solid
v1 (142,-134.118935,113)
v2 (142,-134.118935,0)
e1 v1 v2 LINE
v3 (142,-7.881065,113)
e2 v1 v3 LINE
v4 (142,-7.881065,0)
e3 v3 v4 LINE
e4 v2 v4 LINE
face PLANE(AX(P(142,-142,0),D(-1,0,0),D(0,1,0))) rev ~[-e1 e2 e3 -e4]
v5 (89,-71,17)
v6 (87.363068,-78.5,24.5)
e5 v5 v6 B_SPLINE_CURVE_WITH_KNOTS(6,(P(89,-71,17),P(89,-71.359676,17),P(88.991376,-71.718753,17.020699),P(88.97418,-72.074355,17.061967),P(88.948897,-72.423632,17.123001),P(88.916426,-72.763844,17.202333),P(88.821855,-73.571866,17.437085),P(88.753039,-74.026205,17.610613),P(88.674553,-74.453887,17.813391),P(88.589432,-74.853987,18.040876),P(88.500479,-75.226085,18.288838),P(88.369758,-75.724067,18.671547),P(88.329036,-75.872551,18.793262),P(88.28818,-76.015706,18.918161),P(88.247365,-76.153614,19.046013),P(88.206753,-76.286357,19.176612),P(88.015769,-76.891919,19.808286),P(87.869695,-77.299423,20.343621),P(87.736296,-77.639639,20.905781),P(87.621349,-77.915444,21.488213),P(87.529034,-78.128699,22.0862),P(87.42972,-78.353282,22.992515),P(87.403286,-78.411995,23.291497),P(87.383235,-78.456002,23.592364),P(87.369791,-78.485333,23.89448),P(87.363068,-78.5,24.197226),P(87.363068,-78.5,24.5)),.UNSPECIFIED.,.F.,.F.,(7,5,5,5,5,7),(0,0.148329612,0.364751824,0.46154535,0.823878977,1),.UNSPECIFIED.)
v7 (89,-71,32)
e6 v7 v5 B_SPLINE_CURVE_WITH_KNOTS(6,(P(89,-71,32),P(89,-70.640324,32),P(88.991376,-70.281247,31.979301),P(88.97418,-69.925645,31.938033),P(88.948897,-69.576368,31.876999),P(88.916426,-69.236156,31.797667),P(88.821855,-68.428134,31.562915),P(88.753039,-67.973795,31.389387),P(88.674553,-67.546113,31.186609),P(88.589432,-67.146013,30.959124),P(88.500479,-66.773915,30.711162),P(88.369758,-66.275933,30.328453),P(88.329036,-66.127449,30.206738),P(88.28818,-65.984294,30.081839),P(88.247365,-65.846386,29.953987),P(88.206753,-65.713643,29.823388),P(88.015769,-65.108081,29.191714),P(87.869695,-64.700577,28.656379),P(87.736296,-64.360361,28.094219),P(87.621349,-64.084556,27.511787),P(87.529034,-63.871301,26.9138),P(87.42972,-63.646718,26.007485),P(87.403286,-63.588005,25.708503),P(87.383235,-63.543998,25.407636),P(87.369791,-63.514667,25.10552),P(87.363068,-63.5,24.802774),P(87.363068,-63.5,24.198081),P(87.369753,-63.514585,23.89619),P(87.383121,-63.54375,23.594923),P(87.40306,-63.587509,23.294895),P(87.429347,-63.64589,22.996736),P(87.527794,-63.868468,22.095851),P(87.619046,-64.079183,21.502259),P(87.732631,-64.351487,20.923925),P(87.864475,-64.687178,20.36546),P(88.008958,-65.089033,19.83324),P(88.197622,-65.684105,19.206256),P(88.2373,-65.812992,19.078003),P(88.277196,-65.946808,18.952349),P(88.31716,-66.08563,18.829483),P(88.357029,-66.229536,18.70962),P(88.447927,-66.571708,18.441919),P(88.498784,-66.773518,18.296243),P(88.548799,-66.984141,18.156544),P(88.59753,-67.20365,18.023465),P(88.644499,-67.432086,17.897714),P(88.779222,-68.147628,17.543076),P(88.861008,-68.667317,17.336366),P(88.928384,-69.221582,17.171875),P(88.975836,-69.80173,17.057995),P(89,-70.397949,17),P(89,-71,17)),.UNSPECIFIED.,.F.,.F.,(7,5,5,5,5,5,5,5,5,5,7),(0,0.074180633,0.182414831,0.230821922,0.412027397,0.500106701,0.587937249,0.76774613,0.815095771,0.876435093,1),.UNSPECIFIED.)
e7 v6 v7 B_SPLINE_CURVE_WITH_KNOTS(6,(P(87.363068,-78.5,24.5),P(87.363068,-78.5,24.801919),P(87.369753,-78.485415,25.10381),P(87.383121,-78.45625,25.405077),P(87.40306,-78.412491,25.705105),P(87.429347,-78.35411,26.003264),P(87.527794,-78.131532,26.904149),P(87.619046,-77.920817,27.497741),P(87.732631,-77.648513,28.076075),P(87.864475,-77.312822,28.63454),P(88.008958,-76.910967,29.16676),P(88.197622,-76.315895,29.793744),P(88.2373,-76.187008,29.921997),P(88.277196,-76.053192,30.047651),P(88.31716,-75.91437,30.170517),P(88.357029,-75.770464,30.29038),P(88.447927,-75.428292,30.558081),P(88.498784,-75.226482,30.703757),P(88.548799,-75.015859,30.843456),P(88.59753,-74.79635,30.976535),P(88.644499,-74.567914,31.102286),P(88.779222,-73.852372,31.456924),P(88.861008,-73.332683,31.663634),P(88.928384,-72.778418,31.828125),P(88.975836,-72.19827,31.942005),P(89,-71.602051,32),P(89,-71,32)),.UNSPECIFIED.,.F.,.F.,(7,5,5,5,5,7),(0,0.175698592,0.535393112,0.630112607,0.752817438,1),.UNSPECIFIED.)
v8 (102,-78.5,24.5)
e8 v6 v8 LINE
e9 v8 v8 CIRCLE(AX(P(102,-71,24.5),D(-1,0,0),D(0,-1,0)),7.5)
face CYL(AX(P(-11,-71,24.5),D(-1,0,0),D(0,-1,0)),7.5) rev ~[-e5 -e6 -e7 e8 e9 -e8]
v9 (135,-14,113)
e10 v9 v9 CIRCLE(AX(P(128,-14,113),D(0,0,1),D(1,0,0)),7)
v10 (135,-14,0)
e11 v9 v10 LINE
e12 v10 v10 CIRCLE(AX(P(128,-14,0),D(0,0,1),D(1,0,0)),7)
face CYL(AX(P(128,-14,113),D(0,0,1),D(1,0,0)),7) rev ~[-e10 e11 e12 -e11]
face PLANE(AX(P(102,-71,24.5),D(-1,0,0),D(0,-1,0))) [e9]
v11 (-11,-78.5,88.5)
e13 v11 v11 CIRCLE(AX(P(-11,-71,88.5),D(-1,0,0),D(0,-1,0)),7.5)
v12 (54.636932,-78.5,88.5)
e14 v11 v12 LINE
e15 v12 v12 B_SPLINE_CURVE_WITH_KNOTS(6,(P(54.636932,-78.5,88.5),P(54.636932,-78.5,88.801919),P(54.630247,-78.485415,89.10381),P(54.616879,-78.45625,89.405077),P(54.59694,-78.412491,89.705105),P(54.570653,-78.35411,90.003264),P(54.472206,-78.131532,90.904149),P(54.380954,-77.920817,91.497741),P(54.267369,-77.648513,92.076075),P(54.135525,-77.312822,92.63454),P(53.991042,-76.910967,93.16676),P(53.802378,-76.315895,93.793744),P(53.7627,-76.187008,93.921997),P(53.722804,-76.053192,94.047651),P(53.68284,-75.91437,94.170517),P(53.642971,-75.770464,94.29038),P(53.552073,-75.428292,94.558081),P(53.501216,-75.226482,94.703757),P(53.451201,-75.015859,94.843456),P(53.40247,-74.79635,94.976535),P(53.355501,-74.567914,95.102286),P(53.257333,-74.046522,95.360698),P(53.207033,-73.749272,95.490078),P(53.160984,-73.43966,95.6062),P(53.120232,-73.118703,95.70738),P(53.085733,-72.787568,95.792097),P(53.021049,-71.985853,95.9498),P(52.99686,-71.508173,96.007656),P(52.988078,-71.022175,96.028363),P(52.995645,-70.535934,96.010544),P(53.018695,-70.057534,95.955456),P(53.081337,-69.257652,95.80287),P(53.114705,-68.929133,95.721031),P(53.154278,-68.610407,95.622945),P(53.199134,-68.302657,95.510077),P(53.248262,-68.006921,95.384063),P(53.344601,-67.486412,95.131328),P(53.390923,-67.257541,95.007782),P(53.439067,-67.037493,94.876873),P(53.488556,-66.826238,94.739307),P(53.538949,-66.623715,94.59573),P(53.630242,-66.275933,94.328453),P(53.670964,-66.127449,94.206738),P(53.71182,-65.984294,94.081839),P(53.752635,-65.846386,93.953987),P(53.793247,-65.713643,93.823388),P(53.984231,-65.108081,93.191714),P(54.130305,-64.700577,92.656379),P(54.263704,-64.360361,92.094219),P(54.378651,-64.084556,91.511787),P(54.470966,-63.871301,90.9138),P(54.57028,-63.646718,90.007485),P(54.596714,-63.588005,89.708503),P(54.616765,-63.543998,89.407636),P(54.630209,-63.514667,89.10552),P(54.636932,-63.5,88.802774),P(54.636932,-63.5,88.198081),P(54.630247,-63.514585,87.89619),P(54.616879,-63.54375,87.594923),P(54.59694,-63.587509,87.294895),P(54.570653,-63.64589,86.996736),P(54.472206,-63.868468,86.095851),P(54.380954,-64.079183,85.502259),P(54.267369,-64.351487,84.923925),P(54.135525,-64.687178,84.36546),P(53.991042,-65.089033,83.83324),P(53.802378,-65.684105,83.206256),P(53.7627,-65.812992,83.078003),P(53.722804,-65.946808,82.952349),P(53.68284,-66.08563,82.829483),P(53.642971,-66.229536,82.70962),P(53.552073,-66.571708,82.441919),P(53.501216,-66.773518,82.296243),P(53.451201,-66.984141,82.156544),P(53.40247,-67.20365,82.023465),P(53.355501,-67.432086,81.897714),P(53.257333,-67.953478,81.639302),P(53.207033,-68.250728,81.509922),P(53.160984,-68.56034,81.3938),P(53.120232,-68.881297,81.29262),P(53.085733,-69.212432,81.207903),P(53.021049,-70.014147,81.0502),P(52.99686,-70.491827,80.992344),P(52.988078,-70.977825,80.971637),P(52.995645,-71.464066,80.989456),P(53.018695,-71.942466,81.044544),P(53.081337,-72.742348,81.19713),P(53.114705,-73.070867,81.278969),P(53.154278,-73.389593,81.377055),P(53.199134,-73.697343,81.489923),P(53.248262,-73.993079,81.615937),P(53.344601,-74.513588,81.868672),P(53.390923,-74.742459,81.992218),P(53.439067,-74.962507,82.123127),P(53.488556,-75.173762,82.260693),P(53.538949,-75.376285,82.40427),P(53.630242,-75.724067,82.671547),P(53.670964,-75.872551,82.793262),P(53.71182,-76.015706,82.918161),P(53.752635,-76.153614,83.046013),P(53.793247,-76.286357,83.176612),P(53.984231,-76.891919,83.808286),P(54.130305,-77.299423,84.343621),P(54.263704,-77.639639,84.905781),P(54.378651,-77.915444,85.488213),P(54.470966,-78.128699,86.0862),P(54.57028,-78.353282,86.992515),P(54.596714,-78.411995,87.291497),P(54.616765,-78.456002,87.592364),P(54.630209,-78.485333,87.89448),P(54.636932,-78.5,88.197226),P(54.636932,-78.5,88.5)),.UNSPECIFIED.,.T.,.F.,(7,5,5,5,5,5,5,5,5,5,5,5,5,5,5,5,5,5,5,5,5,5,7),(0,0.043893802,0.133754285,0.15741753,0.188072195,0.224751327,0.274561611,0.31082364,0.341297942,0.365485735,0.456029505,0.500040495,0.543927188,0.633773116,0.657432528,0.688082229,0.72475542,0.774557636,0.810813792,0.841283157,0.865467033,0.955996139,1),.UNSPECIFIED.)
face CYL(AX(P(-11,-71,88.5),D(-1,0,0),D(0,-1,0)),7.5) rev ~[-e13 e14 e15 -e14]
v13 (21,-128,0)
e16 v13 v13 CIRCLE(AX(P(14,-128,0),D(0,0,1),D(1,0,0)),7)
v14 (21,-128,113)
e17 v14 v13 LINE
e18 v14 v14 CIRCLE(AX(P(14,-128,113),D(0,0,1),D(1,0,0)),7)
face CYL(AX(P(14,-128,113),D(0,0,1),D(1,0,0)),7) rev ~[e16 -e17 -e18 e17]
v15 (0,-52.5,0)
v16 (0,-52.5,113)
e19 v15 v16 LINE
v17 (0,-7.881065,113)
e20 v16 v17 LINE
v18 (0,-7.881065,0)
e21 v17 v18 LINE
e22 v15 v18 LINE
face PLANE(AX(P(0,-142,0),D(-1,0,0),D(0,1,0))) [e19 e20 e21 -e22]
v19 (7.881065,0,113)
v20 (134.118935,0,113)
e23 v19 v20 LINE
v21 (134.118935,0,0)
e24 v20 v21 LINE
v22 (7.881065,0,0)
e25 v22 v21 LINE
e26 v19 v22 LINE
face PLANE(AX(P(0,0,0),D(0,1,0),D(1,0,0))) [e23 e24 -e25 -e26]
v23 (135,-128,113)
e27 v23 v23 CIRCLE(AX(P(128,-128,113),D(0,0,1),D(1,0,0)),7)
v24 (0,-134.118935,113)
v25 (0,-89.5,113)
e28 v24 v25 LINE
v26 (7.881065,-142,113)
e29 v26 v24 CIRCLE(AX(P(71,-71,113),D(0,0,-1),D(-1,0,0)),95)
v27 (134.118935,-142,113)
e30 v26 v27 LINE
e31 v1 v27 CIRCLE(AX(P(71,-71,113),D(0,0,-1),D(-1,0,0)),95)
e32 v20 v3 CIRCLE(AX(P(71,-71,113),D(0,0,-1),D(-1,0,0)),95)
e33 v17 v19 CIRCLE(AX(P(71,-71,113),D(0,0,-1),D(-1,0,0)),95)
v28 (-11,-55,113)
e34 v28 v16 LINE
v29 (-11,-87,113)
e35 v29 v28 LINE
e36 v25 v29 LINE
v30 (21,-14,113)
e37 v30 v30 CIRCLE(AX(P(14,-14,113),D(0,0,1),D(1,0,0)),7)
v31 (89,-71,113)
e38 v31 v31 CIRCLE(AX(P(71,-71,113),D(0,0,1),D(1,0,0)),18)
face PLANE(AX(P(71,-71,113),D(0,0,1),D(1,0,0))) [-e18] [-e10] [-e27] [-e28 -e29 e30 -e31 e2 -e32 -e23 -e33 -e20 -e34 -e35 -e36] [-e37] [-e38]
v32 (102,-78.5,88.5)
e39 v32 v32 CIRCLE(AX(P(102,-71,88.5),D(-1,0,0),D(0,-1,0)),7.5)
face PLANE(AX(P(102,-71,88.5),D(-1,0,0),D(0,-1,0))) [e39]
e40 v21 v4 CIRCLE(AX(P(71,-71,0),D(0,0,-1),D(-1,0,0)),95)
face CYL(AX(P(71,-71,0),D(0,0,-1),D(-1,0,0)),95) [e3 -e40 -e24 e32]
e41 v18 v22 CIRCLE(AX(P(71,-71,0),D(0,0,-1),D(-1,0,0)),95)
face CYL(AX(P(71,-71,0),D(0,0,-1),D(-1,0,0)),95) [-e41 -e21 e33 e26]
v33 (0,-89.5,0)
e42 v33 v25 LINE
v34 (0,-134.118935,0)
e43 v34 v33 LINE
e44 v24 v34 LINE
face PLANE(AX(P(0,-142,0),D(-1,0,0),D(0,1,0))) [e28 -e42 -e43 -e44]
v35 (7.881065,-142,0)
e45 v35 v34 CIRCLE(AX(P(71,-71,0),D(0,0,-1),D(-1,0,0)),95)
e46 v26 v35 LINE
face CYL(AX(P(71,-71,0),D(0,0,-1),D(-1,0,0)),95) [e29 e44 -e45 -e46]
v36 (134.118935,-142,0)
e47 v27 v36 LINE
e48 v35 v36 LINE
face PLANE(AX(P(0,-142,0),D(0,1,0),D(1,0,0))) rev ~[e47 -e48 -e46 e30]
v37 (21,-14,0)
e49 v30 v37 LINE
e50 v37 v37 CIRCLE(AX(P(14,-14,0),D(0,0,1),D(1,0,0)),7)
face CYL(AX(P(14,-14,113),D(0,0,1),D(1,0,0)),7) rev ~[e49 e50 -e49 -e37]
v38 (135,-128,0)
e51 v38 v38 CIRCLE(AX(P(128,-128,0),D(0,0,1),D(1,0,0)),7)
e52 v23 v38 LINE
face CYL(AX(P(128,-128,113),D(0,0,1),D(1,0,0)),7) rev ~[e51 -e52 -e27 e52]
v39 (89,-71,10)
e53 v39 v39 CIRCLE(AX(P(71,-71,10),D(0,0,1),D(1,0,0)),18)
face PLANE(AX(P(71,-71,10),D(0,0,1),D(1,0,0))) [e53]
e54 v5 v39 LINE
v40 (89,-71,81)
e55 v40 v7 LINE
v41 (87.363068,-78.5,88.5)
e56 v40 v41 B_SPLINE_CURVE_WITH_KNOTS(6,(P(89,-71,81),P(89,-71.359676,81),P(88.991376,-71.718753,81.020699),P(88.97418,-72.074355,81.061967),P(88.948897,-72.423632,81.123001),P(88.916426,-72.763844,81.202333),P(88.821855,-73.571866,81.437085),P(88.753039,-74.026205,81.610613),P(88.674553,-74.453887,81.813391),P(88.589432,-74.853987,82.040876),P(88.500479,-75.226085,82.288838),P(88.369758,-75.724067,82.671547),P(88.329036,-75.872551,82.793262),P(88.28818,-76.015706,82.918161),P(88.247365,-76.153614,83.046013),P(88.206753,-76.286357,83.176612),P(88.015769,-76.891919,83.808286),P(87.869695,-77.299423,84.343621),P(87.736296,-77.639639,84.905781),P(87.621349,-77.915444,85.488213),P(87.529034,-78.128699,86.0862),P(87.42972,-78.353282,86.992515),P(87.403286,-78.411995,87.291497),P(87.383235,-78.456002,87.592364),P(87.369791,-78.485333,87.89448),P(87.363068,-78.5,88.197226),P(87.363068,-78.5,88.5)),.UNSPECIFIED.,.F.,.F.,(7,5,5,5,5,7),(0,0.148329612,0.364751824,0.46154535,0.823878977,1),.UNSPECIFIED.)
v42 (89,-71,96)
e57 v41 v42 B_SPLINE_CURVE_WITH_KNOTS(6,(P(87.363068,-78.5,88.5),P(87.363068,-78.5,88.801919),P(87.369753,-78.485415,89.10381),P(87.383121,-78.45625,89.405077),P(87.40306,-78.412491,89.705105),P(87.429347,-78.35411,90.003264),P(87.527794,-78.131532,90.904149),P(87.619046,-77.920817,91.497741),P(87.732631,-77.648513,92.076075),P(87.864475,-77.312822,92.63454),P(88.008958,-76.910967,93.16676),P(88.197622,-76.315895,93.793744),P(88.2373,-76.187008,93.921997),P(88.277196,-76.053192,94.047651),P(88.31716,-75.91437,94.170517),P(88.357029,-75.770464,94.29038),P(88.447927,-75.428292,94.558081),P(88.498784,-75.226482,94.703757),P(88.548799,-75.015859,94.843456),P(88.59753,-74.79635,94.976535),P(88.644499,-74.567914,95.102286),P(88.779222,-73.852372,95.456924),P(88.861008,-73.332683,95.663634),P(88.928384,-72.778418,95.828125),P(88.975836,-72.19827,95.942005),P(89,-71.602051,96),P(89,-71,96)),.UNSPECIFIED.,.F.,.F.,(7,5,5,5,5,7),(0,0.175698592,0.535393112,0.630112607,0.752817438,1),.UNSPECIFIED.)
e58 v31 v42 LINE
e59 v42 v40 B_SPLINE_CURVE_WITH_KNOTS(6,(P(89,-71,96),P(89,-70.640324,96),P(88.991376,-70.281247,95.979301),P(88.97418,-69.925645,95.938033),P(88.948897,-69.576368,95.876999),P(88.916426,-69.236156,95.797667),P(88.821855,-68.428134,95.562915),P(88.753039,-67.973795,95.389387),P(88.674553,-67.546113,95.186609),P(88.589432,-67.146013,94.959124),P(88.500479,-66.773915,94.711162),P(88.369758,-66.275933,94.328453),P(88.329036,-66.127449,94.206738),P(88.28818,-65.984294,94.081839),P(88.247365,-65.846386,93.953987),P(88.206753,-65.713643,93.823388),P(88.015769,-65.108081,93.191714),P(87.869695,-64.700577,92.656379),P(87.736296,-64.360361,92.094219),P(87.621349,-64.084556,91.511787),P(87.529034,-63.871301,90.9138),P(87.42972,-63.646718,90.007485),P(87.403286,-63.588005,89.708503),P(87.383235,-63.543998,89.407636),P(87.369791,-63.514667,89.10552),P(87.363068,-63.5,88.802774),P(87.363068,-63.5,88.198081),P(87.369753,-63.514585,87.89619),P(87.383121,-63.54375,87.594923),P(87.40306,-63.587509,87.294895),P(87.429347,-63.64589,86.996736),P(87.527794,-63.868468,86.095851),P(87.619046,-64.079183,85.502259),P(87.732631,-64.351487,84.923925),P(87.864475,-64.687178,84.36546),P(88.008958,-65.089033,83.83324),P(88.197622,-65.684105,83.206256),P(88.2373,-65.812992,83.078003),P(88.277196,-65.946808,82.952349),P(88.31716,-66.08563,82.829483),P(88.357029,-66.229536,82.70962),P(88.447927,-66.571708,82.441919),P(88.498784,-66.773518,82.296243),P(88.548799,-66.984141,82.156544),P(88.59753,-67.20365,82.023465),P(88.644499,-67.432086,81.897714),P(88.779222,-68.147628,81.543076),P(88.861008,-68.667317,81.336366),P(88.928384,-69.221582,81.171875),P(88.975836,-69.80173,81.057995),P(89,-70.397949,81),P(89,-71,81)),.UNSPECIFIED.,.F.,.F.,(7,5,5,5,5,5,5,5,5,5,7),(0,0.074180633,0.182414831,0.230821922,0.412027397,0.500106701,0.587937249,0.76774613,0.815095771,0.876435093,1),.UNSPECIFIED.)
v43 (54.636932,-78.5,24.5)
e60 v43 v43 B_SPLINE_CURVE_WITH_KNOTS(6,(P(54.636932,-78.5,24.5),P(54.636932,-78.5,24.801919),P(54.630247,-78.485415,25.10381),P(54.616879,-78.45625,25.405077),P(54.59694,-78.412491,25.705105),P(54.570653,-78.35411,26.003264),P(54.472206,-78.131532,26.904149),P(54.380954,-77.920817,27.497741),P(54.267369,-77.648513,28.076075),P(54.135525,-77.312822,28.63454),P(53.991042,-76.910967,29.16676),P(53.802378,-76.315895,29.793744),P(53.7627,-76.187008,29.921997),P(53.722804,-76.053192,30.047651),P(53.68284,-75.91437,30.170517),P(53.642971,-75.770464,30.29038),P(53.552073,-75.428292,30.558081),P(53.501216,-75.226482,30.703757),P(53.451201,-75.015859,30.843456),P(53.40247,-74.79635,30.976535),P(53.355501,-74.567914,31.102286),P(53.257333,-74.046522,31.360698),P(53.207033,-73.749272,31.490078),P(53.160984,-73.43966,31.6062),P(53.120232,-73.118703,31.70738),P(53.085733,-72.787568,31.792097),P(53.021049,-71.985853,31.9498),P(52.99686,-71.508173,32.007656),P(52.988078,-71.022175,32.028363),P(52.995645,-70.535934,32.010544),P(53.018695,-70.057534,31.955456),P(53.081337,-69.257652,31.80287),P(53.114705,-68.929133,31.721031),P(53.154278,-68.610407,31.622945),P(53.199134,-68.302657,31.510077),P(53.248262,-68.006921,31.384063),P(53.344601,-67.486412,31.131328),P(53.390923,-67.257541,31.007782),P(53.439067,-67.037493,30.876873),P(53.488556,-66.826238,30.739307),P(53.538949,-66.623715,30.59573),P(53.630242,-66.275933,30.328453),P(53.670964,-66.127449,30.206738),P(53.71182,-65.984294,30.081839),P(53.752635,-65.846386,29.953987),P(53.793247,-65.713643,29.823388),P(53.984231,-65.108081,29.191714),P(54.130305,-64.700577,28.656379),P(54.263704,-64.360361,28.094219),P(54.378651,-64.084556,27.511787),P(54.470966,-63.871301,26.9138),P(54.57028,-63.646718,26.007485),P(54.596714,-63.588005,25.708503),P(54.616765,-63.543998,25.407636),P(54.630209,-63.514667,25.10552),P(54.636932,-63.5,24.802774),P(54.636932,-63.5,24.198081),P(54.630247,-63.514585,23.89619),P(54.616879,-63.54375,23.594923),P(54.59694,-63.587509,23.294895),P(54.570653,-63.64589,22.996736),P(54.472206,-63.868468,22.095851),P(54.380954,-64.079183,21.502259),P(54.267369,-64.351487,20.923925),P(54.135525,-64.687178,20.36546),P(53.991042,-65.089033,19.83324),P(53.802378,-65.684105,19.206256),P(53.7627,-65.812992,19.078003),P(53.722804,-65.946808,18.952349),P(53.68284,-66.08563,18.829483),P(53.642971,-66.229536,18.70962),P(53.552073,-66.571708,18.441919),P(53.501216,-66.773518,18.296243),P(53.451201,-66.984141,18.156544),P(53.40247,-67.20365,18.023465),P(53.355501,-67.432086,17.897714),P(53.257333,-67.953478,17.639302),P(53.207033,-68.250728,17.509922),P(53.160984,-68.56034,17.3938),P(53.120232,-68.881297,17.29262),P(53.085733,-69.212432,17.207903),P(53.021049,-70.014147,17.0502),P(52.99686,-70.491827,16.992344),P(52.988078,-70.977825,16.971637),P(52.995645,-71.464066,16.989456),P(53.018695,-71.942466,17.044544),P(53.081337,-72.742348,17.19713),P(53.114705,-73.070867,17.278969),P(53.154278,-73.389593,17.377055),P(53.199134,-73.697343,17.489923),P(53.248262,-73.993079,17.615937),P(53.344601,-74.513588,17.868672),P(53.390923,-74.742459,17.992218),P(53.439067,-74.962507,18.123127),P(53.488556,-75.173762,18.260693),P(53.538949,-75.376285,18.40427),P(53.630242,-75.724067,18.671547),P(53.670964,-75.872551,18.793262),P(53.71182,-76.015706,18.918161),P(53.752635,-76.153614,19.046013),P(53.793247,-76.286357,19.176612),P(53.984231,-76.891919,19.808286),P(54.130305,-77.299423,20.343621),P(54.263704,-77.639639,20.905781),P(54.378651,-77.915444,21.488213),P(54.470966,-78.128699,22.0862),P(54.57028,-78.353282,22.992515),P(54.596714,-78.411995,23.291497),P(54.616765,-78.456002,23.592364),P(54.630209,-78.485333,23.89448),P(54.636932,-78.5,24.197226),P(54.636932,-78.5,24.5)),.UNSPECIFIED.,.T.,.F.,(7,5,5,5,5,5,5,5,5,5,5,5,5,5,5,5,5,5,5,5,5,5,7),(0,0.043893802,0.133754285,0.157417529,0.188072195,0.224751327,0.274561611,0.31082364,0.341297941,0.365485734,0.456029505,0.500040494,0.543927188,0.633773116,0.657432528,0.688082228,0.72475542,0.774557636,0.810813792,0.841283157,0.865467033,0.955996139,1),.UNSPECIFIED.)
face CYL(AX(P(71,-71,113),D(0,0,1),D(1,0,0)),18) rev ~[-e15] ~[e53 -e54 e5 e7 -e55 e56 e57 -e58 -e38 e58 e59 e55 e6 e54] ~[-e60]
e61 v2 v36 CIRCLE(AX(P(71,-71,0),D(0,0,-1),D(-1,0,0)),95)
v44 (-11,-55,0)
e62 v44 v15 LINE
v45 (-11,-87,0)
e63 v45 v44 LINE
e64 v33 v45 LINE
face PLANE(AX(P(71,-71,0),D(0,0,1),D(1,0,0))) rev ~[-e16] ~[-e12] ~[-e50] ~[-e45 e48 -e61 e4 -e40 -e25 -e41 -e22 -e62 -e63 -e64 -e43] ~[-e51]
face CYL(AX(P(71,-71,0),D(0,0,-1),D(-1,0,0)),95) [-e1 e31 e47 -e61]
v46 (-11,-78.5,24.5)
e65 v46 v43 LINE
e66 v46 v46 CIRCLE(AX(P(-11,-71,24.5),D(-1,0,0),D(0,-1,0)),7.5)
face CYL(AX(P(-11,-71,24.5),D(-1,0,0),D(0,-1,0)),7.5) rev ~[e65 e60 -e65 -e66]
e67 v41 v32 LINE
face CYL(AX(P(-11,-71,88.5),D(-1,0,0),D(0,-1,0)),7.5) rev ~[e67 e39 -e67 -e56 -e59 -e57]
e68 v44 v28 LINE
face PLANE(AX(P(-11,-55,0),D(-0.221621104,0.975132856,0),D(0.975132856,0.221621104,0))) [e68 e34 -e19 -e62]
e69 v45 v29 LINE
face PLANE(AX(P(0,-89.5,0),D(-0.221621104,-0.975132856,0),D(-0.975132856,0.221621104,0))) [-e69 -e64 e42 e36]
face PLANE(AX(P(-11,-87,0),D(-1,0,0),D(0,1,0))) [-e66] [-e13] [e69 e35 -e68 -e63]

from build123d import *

# Parameters (mm, degrees)
SKETCH_1_W          = 142
SKETCH_1_H          = 142
EXTRUDE_1_DEPTH     = 113
SKETCH_2_R          = 7
CUT_EXTRUDE_1_DEPTH = 113
SKETCH_3_R          = 18
CUT_EXTRUDE_2_DEPTH = 103
SKETCH_4_OUTSIDE_W  = 190.086
SKETCH_4_OUTSIDE_H  = 190.086
SKETCH_4_OUTSIDE_R  = 95
CUT_EXTRUDE_3_DEPTH = 231.427862899
EXTRUDE_2_DEPTH     = 113
SKETCH_6_R          = 7.5
CUT_EXTRUDE_4_DEPTH = 113


with BuildPart() as part:
    # 草图1 → 拉伸1 (new body)
    with BuildSketch(Plane.XY):
        with Locations((71, -71)):
            Rectangle(SKETCH_1_W, SKETCH_1_H)
    extrude(amount=EXTRUDE_1_DEPTH)

    # 草图2 → 切除-拉伸1 (cut)
    with BuildSketch(Plane.XY.offset(113)):
        with Locations((14, -14)):
            Circle(SKETCH_2_R)
        with Locations((128, -14)):
            Circle(SKETCH_2_R)
        with Locations((14, -128)):
            Circle(SKETCH_2_R)
        with Locations((128, -128)):
            Circle(SKETCH_2_R)
    extrude(amount=-CUT_EXTRUDE_1_DEPTH, mode=Mode.SUBTRACT)

    # 草图3 → 切除-拉伸2 (cut)
    with BuildSketch(Plane.XY.offset(113)):
        with Locations((71, -71)):
            Circle(SKETCH_3_R)
    extrude(amount=-CUT_EXTRUDE_2_DEPTH, mode=Mode.SUBTRACT)

    # 草图4 outside → 切除-拉伸3 (cut, through all)
    with BuildSketch(Plane(origin=(0, 0, 0), x_dir=(-1, 0, 0), z_dir=(0, 0, -1))):
        with Locations((-71, -71)):
            Rectangle(SKETCH_4_OUTSIDE_W, SKETCH_4_OUTSIDE_H)
        with Locations((-71, -71)):
            Circle(SKETCH_4_OUTSIDE_R, mode=Mode.SUBTRACT)
    extrude(amount=-CUT_EXTRUDE_3_DEPTH, mode=Mode.SUBTRACT)

    # 草图5 → 拉伸2 (add)
    with BuildSketch(Plane(origin=(0, 0, 0), x_dir=(-1, 0, 0), z_dir=(0, 0, -1))):
        Polygon((11, -55), (0, -52.5), (0, -55), (0, -87), (0, -89.5), (11, -87), align=None)
    extrude(amount=-EXTRUDE_2_DEPTH)

    # 草图6 → 切除-拉伸4 (cut)
    with BuildSketch(Plane.ZY.offset(11)):
        with Locations(Location((24.5, -71, 0), (0, 0, 270))):
            Circle(SKETCH_6_R)
        with Locations(Location((88.5, -71, 0), (0, 0, 270))):
            Circle(SKETCH_6_R)
    extrude(amount=-CUT_EXTRUDE_4_DEPTH, mode=Mode.SUBTRACT)


solid = part.part
